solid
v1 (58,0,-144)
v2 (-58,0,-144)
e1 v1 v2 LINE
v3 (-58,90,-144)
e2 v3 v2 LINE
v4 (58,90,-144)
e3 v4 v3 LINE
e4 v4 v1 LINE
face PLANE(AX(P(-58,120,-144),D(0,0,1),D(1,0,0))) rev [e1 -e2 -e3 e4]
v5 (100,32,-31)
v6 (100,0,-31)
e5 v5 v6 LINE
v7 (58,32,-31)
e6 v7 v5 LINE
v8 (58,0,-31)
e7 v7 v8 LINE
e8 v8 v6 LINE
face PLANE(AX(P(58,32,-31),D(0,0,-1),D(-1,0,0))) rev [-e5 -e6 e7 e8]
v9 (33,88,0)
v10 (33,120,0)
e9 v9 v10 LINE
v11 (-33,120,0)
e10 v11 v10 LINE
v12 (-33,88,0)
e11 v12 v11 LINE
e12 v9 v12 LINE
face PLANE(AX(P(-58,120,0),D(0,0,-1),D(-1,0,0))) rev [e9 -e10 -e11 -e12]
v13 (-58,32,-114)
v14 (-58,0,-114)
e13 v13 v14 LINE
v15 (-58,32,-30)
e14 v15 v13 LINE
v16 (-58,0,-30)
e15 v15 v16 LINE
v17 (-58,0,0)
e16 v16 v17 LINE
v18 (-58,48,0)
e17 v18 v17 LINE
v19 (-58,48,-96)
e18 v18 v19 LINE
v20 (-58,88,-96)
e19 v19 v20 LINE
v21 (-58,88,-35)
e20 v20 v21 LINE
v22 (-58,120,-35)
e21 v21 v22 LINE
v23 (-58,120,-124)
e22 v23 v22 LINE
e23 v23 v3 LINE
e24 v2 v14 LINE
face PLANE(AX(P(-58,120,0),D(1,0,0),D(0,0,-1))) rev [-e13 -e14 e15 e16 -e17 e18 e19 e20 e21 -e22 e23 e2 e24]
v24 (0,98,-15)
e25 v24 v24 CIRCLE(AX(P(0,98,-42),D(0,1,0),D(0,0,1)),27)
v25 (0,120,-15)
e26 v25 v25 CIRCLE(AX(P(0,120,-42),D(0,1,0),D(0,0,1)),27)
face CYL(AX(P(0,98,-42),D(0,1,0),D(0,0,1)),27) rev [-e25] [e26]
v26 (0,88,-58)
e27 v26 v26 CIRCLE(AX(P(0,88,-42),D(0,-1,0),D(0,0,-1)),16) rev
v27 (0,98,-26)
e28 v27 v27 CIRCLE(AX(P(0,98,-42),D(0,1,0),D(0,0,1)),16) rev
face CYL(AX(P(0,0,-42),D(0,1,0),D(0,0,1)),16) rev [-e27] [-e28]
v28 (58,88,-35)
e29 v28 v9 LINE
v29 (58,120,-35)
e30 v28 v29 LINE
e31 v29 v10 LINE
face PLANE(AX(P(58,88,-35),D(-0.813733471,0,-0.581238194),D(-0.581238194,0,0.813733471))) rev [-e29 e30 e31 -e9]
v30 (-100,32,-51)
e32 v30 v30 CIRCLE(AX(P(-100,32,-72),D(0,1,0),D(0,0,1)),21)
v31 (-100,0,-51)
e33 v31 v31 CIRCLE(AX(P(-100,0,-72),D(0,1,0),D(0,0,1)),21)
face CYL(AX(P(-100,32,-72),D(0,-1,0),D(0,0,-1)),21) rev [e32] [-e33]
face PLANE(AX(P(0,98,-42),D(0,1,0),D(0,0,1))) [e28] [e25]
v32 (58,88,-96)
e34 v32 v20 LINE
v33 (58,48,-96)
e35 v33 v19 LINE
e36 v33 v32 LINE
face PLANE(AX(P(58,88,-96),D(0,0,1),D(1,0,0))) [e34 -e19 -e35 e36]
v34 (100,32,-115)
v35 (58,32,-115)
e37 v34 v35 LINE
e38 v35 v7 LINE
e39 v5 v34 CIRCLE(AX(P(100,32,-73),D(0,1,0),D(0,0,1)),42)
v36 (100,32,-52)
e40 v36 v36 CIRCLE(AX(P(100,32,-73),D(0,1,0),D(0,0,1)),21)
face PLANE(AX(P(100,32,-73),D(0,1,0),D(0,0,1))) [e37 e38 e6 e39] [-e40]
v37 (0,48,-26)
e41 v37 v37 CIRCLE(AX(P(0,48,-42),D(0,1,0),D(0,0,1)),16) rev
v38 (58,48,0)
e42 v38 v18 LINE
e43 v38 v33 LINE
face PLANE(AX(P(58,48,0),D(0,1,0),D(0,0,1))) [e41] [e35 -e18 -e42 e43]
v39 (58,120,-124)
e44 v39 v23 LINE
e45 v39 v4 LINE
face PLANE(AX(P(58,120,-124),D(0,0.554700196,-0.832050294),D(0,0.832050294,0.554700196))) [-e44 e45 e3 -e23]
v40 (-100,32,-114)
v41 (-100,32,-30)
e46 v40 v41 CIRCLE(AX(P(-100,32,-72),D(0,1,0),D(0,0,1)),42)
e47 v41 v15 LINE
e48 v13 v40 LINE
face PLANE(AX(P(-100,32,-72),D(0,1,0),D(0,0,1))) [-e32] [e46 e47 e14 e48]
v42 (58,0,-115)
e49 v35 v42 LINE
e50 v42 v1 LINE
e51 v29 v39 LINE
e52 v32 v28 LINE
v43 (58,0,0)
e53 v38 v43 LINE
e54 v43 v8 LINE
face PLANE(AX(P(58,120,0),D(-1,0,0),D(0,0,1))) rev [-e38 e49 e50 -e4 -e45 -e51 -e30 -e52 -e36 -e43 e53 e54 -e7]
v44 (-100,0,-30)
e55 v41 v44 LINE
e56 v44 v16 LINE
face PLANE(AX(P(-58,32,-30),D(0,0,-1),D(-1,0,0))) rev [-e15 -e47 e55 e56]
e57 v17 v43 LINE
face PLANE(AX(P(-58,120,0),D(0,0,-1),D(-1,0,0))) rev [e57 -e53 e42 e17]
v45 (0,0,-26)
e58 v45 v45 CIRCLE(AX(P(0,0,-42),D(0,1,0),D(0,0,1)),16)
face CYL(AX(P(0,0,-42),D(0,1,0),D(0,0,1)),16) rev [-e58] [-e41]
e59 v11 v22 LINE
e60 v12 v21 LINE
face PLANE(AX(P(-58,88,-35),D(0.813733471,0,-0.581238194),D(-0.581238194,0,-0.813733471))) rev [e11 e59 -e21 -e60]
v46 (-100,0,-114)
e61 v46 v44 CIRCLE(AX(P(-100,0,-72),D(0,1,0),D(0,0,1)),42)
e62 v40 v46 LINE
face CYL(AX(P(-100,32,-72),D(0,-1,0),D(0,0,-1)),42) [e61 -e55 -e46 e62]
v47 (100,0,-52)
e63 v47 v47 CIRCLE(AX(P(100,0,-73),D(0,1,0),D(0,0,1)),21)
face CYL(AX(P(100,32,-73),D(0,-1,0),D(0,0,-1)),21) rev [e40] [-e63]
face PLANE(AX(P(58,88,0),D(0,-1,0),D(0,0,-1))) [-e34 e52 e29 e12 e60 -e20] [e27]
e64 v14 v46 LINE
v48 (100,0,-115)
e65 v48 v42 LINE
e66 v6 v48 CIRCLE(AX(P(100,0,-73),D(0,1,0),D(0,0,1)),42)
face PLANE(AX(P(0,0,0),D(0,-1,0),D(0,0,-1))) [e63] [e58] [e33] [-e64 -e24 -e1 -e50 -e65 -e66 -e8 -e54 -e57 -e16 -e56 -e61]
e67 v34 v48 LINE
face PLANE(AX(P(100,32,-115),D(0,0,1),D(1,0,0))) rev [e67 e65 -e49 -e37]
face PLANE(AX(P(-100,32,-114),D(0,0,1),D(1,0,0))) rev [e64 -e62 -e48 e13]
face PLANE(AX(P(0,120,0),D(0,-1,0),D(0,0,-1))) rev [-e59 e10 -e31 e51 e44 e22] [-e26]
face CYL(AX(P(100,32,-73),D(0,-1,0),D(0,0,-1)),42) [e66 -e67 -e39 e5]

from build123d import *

# Parameters (mm, degrees)
SKETCH_1_W               = 116
SKETCH_1_H               = 144
EXTRUDE_1_DEPTH          = 120
SKETCH_2_R               = 21
EXTRUDE_3_DEPTH          = 32
SKETCH_4_R               = 16
CUT_EXTRUDE_1_DEPTH      = 120
SKETCH_5_R               = 27
CUT_EXTRUDE_2_DEPTH      = 22
CUT_EXTRUDE_6_DEPTH      = 58
CUT_EXTRUDE_6_DEPTH_BACK = 58
SKETCH_13_W              = 96
SKETCH_13_H              = 40
CUT_EXTRUDE_7_DEPTH      = 32


with BuildPart() as part:
    # 草图1 → 凸台-拉伸1 (new body)
    with BuildSketch(Plane(origin=(0, 0, 0), x_dir=(1, 0, 0), z_dir=(0, 1, 0))):
        with Locations((0, 72)):
            Rectangle(SKETCH_1_W, SKETCH_1_H)
    extrude(amount=EXTRUDE_1_DEPTH)

    # 草图2 → 凸台-拉伸3 (add)
    # profile 1 of 2: a face of its own
    with BuildSketch(Plane(origin=(0, 0, 0), x_dir=(1, 0, 0), z_dir=(0, 1, 0))):
        with BuildLine():
            Line((-100, 114), (-58, 114))
            Line((-58, 114), (-58, 30))
            Line((-58, 30), (-100, 30))
            ThreePointArc((-100, 30), (-142, 72), (-100, 114))
        make_face()
        with Locations((-100, 72)):
            Circle(SKETCH_2_R, mode=Mode.SUBTRACT)
    # profile 2 of 2: a face of its own
    with BuildSketch(Plane(origin=(0, 0, 0), x_dir=(1, 0, 0), z_dir=(0, 1, 0))):
        with BuildLine():
            Line((100, 115), (58, 115))
            Line((58, 115), (58, 31))
            Line((58, 31), (100, 31))
            ThreePointArc((100, 31), (142, 73), (100, 115))
        make_face()
        with Locations((100, 73)):
            Circle(SKETCH_2_R, mode=Mode.SUBTRACT)
    extrude(amount=EXTRUDE_3_DEPTH)

    # 草图4 → 切除-拉伸1 (cut)
    with BuildSketch(Plane(origin=(0, 120, 0), x_dir=(1, 0, 0), z_dir=(0, 1, 0))):
        with Locations((0, 42)):
            Circle(SKETCH_4_R)
    extrude(amount=-CUT_EXTRUDE_1_DEPTH, mode=Mode.SUBTRACT)

    # 草图5 → 切除-拉伸2 (cut)
    with BuildSketch(Plane(origin=(0, 120, 0), x_dir=(1, 0, 0), z_dir=(0, 1, 0))):
        with Locations((0, 42)):
            Circle(SKETCH_5_R)
    extrude(amount=-CUT_EXTRUDE_2_DEPTH, mode=Mode.SUBTRACT)

    # 草图13 → 切除-拉伸6 (cut, two sides: drawn at the far end of the back side and taken through both)
    with BuildSketch(Plane(origin=(0, 0, 0), x_dir=(0, 0, -1), z_dir=(1, 0, 0)).offset(-CUT_EXTRUDE_6_DEPTH_BACK)):
        Polygon((144, 120), (124, 120), (144, 90), align=None)
        with Locations((48, 68)):
            Rectangle(SKETCH_13_W, SKETCH_13_H)
    extrude(amount=CUT_EXTRUDE_6_DEPTH + CUT_EXTRUDE_6_DEPTH_BACK, mode=Mode.SUBTRACT)

    # 草图15 → 切除-拉伸7 (cut)
    with BuildSketch(Plane(origin=(0, 120, 0), x_dir=(1, 0, 0), z_dir=(0, 1, 0))):
        Polygon((-58, 0), (-58, 35), (-33, 0), align=None)
        Polygon((58, 0), (58, 35), (33, 0), align=None)
    extrude(amount=-CUT_EXTRUDE_7_DEPTH, mode=Mode.SUBTRACT)


solid = part.part
